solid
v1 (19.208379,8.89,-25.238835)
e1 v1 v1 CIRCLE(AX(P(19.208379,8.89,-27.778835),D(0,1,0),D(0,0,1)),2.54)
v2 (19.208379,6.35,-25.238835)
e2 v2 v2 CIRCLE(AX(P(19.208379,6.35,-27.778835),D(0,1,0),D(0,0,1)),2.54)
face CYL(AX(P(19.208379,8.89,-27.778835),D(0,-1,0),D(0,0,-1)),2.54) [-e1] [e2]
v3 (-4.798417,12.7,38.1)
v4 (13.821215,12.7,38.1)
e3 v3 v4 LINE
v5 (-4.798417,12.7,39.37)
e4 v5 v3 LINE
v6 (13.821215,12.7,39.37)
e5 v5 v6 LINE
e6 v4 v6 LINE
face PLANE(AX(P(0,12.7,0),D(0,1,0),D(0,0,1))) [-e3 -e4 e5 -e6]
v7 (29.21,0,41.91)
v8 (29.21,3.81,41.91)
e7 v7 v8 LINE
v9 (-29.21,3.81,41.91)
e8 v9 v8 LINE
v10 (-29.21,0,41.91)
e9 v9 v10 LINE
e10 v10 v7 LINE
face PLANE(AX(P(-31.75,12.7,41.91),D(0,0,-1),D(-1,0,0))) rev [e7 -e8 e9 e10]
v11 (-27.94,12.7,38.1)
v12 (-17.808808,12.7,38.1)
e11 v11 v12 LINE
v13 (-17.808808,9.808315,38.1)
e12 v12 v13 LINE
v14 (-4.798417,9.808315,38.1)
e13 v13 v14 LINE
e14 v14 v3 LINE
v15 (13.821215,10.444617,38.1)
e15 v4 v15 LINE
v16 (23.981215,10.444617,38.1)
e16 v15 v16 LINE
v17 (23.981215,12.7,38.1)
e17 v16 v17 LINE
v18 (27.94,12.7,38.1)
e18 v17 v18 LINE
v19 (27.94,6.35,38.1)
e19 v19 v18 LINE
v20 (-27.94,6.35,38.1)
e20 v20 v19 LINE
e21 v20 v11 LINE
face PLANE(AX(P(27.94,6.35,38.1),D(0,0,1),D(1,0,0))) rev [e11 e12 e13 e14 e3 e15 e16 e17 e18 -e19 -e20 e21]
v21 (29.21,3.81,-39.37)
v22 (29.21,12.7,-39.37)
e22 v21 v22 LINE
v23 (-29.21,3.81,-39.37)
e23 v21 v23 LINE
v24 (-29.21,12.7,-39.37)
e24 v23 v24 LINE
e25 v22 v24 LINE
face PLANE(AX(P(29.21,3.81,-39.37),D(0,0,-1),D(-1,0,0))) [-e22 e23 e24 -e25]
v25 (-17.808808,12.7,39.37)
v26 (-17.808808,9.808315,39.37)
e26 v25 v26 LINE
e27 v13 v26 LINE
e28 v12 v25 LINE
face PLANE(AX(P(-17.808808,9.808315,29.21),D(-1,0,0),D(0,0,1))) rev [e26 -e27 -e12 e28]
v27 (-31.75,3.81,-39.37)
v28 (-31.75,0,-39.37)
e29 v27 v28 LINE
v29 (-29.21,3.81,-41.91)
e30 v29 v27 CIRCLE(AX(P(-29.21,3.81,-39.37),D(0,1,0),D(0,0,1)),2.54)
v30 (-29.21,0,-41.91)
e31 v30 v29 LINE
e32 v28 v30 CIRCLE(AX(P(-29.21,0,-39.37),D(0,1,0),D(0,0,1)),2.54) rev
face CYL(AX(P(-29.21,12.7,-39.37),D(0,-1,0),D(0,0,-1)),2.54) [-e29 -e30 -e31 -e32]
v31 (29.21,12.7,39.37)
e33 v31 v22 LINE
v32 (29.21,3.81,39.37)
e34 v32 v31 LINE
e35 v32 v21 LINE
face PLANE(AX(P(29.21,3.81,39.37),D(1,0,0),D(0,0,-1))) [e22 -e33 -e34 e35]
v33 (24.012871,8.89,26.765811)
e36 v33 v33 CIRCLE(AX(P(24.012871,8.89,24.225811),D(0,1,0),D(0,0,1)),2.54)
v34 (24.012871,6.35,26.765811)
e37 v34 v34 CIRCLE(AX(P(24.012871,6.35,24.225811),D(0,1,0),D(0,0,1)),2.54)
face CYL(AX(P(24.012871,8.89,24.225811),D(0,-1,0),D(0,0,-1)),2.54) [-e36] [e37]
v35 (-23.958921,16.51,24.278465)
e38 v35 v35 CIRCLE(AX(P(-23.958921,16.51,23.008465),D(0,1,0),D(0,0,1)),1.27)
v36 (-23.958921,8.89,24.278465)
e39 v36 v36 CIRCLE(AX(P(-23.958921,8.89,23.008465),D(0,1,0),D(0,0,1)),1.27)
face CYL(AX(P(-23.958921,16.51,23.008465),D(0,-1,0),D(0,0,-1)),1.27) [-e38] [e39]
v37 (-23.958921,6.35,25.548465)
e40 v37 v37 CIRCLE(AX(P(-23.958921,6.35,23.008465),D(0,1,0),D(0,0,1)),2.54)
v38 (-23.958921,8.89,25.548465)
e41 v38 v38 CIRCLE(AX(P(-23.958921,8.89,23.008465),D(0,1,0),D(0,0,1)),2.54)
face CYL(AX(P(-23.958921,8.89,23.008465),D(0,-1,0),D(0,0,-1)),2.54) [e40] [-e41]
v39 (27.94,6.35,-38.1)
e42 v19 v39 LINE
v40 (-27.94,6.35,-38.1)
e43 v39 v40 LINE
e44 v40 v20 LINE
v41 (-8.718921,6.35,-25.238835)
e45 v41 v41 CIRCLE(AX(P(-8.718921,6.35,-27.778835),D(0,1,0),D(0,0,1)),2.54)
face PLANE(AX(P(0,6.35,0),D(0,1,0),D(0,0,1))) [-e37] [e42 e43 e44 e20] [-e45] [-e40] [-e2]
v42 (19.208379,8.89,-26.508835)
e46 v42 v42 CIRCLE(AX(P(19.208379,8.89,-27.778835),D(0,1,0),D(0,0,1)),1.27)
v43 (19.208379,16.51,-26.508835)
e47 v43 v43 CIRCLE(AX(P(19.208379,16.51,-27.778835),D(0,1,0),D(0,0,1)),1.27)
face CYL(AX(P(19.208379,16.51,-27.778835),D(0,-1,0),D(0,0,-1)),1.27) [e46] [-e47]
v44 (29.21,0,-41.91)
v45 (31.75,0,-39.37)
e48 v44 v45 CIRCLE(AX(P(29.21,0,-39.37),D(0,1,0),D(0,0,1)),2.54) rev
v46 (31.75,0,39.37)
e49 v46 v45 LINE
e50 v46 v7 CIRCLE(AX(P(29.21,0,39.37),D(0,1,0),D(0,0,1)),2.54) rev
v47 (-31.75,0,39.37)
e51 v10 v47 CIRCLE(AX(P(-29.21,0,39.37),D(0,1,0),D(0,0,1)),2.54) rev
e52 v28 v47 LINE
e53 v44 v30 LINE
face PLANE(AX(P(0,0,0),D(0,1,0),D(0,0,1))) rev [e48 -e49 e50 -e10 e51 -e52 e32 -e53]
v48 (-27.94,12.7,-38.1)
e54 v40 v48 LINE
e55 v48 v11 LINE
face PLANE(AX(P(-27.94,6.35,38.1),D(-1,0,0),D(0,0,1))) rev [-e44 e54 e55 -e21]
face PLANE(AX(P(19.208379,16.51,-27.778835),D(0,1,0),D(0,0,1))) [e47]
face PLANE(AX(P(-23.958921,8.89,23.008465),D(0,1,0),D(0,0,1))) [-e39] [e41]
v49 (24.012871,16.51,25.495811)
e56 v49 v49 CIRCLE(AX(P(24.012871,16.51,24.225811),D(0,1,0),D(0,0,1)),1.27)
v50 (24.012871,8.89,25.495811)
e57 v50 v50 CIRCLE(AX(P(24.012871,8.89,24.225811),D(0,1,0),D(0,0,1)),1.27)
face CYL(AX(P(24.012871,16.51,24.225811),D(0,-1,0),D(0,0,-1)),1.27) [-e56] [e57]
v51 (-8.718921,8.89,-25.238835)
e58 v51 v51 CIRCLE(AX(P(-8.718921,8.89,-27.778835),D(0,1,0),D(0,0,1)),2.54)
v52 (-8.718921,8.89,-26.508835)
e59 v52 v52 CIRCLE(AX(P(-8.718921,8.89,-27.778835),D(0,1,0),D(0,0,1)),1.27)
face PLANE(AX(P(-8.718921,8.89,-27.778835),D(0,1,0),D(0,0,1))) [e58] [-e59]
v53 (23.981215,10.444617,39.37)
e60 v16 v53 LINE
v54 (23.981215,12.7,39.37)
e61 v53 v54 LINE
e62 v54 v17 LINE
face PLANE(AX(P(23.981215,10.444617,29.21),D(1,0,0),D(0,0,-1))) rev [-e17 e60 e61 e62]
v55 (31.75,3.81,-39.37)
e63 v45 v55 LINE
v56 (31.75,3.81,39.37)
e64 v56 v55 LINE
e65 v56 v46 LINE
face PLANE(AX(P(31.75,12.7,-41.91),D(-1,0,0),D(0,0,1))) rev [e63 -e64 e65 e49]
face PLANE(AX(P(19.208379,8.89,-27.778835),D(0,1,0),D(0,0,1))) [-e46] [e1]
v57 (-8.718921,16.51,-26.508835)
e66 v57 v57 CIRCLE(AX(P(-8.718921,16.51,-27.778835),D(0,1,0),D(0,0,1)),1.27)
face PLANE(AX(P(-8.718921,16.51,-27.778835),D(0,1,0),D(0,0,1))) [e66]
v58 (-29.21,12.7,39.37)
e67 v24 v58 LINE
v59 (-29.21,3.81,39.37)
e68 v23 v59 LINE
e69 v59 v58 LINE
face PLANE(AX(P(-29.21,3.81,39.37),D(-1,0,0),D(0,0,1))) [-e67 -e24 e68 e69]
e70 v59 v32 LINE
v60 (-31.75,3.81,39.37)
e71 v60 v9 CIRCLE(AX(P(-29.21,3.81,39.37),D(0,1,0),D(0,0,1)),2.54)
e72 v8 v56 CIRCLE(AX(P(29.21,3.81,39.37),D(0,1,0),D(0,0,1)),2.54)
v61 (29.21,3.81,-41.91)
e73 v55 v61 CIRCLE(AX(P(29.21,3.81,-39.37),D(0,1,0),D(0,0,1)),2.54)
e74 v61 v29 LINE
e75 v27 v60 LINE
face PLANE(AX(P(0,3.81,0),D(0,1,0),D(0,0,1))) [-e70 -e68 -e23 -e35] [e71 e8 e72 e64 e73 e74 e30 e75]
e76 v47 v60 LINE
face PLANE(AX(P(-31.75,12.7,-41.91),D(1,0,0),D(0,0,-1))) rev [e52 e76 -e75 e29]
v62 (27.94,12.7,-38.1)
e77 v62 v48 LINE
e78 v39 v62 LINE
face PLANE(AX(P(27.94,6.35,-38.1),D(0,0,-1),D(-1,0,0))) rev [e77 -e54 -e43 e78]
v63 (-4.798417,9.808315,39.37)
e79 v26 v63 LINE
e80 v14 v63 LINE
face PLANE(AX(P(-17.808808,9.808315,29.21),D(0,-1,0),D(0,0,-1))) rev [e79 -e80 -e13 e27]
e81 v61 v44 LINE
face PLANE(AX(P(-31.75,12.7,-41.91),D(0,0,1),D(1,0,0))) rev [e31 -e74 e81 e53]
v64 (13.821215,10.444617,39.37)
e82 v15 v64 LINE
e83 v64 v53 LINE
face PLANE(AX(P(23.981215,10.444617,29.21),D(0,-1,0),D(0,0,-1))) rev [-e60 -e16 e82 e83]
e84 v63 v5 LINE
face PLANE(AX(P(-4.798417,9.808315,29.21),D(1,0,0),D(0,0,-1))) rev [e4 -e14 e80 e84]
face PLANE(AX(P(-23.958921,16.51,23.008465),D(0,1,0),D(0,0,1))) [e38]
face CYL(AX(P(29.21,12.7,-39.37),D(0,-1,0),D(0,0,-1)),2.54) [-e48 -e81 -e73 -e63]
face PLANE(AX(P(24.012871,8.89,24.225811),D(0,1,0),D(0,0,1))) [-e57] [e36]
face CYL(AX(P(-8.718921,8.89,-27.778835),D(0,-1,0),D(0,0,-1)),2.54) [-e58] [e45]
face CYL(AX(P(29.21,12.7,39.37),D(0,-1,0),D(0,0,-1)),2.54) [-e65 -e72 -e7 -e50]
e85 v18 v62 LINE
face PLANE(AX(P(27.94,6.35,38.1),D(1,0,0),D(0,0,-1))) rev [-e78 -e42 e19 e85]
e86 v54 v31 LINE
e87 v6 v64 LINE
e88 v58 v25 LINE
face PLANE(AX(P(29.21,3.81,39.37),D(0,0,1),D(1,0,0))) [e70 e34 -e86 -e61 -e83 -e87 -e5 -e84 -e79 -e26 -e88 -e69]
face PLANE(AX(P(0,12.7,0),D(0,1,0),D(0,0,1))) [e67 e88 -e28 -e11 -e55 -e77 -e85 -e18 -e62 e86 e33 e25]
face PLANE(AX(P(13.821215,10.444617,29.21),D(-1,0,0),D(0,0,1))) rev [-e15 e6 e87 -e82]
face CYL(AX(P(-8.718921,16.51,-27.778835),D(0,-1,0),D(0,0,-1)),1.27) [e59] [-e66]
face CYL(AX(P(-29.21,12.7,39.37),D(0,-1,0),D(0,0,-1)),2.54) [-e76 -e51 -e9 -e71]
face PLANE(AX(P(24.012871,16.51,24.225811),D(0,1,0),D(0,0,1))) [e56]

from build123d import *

# Parameters (mm, degrees)
SKETCH1_W           = 63.5
SKETCH1_H           = 83.82
BOSS_EXTRUDE1_DEPTH = 12.7
SKETCH2_W           = 55.88
SKETCH2_H           = 76.2
CUT_EXTRUDE1_DEPTH  = 6.35
SKETCH3_W           = 63.5
SKETCH3_H           = 83.82
SKETCH3_W_2         = 58.42
SKETCH3_H_2         = 78.74
CUT_EXTRUDE2_DEPTH  = 8.89
SKETCH6_R           = 1.27
BOSS_EXTRUDE3_DEPTH = 10.16
SKETCH8_R           = 2.54
BOSS_EXTRUDE4_DEPTH = 2.54
SKETCH10_W          = 13.010391052
SKETCH10_H          = 3.325331773
CUT_EXTRUDE4_DEPTH  = 10.16
SKETCH11_W          = 10.16
SKETCH11_H          = 2.62905351
CUT_EXTRUDE5_DEPTH  = 10.16
FILLET1_R           = 2.54


with BuildPart() as part:
    # Sketch1 → Boss-Extrude1 (new body)
    with BuildSketch(Plane(origin=(0, 0, 0), x_dir=(1, 0, 0), z_dir=(0, 1, 0))):
        Rectangle(SKETCH1_W, SKETCH1_H)
    extrude(amount=BOSS_EXTRUDE1_DEPTH)

    # Sketch2 → Cut-Extrude1 (cut)
    with BuildSketch(Plane(origin=(0, 12.7, 0), x_dir=(1, 0, 0), z_dir=(0, 1, 0))):
        Rectangle(SKETCH2_W, SKETCH2_H)
    extrude(amount=-CUT_EXTRUDE1_DEPTH, mode=Mode.SUBTRACT)

    # Sketch3 → Cut-Extrude2 (cut)
    with BuildSketch(Plane(origin=(0, 12.7, 0), x_dir=(1, 0, 0), z_dir=(0, 1, 0))):
        Rectangle(SKETCH3_W, SKETCH3_H)
        Rectangle(SKETCH3_W_2, SKETCH3_H_2, mode=Mode.SUBTRACT)
    extrude(amount=-CUT_EXTRUDE2_DEPTH, mode=Mode.SUBTRACT)

    # Sketch6 → Boss-Extrude3 (add)
    with BuildSketch(Plane(origin=(0, 6.35, 0), x_dir=(1, 0, 0), z_dir=(0, 1, 0))):
        with Locations(Location((-23.958920987, -23.008465221, 0), (0, 0, 270))):
            Circle(SKETCH6_R)
        with Locations(Location((-8.718920987, 27.778834779, 0), (0, 0, 270))):
            Circle(SKETCH6_R)
        with Locations(Location((19.208379013, 27.778834779, 0), (0, 0, 270))):
            Circle(SKETCH6_R)
        with Locations(Location((24.012870789, -24.225811214, 0), (0, 0, 270))):
            Circle(SKETCH6_R)
    extrude(amount=BOSS_EXTRUDE3_DEPTH)

    # Sketch8 → Boss-Extrude4 (add)
    with BuildSketch(Plane(origin=(0, 6.35, 0), x_dir=(1, 0, 0), z_dir=(0, 1, 0))):
        with Locations(Location((19.208379013, 27.778834779, 0), (0, 0, 270))):
            Circle(SKETCH8_R)
        with Locations(Location((-8.718920987, 27.778834779, 0), (0, 0, 270))):
            Circle(SKETCH8_R)
        with Locations(Location((-23.958920987, -23.008465221, 0), (0, 0, 270))):
            Circle(SKETCH8_R)
        with Locations(Location((24.012870789, -24.225811214, 0), (0, 0, 270))):
            Circle(SKETCH8_R)
    extrude(amount=BOSS_EXTRUDE4_DEPTH)

    # Sketch10 → Cut-Extrude4 (cut)
    with BuildSketch(Plane.XY.offset(39.37)):
        with Locations((-11.303612935, 11.47098091)):
            Rectangle(SKETCH10_W, SKETCH10_H)
    extrude(amount=-CUT_EXTRUDE4_DEPTH, mode=Mode.SUBTRACT)

    # Sketch11 → Cut-Extrude5 (cut)
    with BuildSketch(Plane.XY.offset(39.37)):
        with Locations((18.901215122, 11.759143512)):
            Rectangle(SKETCH11_W, SKETCH11_H)
    extrude(amount=-CUT_EXTRUDE5_DEPTH, mode=Mode.SUBTRACT)

    # Fillet1
    fillet1_edges = [part.edges().sort_by_distance(p)[0] for p in [
        (31.75, 1.905, 41.91),
        (-31.75, 1.905, 41.91),
        (-31.75, 1.905, -41.91),
        (31.75, 1.905, -41.91),
    ]]
    fillet(fillet1_edges, radius=FILLET1_R)


solid = part.part
